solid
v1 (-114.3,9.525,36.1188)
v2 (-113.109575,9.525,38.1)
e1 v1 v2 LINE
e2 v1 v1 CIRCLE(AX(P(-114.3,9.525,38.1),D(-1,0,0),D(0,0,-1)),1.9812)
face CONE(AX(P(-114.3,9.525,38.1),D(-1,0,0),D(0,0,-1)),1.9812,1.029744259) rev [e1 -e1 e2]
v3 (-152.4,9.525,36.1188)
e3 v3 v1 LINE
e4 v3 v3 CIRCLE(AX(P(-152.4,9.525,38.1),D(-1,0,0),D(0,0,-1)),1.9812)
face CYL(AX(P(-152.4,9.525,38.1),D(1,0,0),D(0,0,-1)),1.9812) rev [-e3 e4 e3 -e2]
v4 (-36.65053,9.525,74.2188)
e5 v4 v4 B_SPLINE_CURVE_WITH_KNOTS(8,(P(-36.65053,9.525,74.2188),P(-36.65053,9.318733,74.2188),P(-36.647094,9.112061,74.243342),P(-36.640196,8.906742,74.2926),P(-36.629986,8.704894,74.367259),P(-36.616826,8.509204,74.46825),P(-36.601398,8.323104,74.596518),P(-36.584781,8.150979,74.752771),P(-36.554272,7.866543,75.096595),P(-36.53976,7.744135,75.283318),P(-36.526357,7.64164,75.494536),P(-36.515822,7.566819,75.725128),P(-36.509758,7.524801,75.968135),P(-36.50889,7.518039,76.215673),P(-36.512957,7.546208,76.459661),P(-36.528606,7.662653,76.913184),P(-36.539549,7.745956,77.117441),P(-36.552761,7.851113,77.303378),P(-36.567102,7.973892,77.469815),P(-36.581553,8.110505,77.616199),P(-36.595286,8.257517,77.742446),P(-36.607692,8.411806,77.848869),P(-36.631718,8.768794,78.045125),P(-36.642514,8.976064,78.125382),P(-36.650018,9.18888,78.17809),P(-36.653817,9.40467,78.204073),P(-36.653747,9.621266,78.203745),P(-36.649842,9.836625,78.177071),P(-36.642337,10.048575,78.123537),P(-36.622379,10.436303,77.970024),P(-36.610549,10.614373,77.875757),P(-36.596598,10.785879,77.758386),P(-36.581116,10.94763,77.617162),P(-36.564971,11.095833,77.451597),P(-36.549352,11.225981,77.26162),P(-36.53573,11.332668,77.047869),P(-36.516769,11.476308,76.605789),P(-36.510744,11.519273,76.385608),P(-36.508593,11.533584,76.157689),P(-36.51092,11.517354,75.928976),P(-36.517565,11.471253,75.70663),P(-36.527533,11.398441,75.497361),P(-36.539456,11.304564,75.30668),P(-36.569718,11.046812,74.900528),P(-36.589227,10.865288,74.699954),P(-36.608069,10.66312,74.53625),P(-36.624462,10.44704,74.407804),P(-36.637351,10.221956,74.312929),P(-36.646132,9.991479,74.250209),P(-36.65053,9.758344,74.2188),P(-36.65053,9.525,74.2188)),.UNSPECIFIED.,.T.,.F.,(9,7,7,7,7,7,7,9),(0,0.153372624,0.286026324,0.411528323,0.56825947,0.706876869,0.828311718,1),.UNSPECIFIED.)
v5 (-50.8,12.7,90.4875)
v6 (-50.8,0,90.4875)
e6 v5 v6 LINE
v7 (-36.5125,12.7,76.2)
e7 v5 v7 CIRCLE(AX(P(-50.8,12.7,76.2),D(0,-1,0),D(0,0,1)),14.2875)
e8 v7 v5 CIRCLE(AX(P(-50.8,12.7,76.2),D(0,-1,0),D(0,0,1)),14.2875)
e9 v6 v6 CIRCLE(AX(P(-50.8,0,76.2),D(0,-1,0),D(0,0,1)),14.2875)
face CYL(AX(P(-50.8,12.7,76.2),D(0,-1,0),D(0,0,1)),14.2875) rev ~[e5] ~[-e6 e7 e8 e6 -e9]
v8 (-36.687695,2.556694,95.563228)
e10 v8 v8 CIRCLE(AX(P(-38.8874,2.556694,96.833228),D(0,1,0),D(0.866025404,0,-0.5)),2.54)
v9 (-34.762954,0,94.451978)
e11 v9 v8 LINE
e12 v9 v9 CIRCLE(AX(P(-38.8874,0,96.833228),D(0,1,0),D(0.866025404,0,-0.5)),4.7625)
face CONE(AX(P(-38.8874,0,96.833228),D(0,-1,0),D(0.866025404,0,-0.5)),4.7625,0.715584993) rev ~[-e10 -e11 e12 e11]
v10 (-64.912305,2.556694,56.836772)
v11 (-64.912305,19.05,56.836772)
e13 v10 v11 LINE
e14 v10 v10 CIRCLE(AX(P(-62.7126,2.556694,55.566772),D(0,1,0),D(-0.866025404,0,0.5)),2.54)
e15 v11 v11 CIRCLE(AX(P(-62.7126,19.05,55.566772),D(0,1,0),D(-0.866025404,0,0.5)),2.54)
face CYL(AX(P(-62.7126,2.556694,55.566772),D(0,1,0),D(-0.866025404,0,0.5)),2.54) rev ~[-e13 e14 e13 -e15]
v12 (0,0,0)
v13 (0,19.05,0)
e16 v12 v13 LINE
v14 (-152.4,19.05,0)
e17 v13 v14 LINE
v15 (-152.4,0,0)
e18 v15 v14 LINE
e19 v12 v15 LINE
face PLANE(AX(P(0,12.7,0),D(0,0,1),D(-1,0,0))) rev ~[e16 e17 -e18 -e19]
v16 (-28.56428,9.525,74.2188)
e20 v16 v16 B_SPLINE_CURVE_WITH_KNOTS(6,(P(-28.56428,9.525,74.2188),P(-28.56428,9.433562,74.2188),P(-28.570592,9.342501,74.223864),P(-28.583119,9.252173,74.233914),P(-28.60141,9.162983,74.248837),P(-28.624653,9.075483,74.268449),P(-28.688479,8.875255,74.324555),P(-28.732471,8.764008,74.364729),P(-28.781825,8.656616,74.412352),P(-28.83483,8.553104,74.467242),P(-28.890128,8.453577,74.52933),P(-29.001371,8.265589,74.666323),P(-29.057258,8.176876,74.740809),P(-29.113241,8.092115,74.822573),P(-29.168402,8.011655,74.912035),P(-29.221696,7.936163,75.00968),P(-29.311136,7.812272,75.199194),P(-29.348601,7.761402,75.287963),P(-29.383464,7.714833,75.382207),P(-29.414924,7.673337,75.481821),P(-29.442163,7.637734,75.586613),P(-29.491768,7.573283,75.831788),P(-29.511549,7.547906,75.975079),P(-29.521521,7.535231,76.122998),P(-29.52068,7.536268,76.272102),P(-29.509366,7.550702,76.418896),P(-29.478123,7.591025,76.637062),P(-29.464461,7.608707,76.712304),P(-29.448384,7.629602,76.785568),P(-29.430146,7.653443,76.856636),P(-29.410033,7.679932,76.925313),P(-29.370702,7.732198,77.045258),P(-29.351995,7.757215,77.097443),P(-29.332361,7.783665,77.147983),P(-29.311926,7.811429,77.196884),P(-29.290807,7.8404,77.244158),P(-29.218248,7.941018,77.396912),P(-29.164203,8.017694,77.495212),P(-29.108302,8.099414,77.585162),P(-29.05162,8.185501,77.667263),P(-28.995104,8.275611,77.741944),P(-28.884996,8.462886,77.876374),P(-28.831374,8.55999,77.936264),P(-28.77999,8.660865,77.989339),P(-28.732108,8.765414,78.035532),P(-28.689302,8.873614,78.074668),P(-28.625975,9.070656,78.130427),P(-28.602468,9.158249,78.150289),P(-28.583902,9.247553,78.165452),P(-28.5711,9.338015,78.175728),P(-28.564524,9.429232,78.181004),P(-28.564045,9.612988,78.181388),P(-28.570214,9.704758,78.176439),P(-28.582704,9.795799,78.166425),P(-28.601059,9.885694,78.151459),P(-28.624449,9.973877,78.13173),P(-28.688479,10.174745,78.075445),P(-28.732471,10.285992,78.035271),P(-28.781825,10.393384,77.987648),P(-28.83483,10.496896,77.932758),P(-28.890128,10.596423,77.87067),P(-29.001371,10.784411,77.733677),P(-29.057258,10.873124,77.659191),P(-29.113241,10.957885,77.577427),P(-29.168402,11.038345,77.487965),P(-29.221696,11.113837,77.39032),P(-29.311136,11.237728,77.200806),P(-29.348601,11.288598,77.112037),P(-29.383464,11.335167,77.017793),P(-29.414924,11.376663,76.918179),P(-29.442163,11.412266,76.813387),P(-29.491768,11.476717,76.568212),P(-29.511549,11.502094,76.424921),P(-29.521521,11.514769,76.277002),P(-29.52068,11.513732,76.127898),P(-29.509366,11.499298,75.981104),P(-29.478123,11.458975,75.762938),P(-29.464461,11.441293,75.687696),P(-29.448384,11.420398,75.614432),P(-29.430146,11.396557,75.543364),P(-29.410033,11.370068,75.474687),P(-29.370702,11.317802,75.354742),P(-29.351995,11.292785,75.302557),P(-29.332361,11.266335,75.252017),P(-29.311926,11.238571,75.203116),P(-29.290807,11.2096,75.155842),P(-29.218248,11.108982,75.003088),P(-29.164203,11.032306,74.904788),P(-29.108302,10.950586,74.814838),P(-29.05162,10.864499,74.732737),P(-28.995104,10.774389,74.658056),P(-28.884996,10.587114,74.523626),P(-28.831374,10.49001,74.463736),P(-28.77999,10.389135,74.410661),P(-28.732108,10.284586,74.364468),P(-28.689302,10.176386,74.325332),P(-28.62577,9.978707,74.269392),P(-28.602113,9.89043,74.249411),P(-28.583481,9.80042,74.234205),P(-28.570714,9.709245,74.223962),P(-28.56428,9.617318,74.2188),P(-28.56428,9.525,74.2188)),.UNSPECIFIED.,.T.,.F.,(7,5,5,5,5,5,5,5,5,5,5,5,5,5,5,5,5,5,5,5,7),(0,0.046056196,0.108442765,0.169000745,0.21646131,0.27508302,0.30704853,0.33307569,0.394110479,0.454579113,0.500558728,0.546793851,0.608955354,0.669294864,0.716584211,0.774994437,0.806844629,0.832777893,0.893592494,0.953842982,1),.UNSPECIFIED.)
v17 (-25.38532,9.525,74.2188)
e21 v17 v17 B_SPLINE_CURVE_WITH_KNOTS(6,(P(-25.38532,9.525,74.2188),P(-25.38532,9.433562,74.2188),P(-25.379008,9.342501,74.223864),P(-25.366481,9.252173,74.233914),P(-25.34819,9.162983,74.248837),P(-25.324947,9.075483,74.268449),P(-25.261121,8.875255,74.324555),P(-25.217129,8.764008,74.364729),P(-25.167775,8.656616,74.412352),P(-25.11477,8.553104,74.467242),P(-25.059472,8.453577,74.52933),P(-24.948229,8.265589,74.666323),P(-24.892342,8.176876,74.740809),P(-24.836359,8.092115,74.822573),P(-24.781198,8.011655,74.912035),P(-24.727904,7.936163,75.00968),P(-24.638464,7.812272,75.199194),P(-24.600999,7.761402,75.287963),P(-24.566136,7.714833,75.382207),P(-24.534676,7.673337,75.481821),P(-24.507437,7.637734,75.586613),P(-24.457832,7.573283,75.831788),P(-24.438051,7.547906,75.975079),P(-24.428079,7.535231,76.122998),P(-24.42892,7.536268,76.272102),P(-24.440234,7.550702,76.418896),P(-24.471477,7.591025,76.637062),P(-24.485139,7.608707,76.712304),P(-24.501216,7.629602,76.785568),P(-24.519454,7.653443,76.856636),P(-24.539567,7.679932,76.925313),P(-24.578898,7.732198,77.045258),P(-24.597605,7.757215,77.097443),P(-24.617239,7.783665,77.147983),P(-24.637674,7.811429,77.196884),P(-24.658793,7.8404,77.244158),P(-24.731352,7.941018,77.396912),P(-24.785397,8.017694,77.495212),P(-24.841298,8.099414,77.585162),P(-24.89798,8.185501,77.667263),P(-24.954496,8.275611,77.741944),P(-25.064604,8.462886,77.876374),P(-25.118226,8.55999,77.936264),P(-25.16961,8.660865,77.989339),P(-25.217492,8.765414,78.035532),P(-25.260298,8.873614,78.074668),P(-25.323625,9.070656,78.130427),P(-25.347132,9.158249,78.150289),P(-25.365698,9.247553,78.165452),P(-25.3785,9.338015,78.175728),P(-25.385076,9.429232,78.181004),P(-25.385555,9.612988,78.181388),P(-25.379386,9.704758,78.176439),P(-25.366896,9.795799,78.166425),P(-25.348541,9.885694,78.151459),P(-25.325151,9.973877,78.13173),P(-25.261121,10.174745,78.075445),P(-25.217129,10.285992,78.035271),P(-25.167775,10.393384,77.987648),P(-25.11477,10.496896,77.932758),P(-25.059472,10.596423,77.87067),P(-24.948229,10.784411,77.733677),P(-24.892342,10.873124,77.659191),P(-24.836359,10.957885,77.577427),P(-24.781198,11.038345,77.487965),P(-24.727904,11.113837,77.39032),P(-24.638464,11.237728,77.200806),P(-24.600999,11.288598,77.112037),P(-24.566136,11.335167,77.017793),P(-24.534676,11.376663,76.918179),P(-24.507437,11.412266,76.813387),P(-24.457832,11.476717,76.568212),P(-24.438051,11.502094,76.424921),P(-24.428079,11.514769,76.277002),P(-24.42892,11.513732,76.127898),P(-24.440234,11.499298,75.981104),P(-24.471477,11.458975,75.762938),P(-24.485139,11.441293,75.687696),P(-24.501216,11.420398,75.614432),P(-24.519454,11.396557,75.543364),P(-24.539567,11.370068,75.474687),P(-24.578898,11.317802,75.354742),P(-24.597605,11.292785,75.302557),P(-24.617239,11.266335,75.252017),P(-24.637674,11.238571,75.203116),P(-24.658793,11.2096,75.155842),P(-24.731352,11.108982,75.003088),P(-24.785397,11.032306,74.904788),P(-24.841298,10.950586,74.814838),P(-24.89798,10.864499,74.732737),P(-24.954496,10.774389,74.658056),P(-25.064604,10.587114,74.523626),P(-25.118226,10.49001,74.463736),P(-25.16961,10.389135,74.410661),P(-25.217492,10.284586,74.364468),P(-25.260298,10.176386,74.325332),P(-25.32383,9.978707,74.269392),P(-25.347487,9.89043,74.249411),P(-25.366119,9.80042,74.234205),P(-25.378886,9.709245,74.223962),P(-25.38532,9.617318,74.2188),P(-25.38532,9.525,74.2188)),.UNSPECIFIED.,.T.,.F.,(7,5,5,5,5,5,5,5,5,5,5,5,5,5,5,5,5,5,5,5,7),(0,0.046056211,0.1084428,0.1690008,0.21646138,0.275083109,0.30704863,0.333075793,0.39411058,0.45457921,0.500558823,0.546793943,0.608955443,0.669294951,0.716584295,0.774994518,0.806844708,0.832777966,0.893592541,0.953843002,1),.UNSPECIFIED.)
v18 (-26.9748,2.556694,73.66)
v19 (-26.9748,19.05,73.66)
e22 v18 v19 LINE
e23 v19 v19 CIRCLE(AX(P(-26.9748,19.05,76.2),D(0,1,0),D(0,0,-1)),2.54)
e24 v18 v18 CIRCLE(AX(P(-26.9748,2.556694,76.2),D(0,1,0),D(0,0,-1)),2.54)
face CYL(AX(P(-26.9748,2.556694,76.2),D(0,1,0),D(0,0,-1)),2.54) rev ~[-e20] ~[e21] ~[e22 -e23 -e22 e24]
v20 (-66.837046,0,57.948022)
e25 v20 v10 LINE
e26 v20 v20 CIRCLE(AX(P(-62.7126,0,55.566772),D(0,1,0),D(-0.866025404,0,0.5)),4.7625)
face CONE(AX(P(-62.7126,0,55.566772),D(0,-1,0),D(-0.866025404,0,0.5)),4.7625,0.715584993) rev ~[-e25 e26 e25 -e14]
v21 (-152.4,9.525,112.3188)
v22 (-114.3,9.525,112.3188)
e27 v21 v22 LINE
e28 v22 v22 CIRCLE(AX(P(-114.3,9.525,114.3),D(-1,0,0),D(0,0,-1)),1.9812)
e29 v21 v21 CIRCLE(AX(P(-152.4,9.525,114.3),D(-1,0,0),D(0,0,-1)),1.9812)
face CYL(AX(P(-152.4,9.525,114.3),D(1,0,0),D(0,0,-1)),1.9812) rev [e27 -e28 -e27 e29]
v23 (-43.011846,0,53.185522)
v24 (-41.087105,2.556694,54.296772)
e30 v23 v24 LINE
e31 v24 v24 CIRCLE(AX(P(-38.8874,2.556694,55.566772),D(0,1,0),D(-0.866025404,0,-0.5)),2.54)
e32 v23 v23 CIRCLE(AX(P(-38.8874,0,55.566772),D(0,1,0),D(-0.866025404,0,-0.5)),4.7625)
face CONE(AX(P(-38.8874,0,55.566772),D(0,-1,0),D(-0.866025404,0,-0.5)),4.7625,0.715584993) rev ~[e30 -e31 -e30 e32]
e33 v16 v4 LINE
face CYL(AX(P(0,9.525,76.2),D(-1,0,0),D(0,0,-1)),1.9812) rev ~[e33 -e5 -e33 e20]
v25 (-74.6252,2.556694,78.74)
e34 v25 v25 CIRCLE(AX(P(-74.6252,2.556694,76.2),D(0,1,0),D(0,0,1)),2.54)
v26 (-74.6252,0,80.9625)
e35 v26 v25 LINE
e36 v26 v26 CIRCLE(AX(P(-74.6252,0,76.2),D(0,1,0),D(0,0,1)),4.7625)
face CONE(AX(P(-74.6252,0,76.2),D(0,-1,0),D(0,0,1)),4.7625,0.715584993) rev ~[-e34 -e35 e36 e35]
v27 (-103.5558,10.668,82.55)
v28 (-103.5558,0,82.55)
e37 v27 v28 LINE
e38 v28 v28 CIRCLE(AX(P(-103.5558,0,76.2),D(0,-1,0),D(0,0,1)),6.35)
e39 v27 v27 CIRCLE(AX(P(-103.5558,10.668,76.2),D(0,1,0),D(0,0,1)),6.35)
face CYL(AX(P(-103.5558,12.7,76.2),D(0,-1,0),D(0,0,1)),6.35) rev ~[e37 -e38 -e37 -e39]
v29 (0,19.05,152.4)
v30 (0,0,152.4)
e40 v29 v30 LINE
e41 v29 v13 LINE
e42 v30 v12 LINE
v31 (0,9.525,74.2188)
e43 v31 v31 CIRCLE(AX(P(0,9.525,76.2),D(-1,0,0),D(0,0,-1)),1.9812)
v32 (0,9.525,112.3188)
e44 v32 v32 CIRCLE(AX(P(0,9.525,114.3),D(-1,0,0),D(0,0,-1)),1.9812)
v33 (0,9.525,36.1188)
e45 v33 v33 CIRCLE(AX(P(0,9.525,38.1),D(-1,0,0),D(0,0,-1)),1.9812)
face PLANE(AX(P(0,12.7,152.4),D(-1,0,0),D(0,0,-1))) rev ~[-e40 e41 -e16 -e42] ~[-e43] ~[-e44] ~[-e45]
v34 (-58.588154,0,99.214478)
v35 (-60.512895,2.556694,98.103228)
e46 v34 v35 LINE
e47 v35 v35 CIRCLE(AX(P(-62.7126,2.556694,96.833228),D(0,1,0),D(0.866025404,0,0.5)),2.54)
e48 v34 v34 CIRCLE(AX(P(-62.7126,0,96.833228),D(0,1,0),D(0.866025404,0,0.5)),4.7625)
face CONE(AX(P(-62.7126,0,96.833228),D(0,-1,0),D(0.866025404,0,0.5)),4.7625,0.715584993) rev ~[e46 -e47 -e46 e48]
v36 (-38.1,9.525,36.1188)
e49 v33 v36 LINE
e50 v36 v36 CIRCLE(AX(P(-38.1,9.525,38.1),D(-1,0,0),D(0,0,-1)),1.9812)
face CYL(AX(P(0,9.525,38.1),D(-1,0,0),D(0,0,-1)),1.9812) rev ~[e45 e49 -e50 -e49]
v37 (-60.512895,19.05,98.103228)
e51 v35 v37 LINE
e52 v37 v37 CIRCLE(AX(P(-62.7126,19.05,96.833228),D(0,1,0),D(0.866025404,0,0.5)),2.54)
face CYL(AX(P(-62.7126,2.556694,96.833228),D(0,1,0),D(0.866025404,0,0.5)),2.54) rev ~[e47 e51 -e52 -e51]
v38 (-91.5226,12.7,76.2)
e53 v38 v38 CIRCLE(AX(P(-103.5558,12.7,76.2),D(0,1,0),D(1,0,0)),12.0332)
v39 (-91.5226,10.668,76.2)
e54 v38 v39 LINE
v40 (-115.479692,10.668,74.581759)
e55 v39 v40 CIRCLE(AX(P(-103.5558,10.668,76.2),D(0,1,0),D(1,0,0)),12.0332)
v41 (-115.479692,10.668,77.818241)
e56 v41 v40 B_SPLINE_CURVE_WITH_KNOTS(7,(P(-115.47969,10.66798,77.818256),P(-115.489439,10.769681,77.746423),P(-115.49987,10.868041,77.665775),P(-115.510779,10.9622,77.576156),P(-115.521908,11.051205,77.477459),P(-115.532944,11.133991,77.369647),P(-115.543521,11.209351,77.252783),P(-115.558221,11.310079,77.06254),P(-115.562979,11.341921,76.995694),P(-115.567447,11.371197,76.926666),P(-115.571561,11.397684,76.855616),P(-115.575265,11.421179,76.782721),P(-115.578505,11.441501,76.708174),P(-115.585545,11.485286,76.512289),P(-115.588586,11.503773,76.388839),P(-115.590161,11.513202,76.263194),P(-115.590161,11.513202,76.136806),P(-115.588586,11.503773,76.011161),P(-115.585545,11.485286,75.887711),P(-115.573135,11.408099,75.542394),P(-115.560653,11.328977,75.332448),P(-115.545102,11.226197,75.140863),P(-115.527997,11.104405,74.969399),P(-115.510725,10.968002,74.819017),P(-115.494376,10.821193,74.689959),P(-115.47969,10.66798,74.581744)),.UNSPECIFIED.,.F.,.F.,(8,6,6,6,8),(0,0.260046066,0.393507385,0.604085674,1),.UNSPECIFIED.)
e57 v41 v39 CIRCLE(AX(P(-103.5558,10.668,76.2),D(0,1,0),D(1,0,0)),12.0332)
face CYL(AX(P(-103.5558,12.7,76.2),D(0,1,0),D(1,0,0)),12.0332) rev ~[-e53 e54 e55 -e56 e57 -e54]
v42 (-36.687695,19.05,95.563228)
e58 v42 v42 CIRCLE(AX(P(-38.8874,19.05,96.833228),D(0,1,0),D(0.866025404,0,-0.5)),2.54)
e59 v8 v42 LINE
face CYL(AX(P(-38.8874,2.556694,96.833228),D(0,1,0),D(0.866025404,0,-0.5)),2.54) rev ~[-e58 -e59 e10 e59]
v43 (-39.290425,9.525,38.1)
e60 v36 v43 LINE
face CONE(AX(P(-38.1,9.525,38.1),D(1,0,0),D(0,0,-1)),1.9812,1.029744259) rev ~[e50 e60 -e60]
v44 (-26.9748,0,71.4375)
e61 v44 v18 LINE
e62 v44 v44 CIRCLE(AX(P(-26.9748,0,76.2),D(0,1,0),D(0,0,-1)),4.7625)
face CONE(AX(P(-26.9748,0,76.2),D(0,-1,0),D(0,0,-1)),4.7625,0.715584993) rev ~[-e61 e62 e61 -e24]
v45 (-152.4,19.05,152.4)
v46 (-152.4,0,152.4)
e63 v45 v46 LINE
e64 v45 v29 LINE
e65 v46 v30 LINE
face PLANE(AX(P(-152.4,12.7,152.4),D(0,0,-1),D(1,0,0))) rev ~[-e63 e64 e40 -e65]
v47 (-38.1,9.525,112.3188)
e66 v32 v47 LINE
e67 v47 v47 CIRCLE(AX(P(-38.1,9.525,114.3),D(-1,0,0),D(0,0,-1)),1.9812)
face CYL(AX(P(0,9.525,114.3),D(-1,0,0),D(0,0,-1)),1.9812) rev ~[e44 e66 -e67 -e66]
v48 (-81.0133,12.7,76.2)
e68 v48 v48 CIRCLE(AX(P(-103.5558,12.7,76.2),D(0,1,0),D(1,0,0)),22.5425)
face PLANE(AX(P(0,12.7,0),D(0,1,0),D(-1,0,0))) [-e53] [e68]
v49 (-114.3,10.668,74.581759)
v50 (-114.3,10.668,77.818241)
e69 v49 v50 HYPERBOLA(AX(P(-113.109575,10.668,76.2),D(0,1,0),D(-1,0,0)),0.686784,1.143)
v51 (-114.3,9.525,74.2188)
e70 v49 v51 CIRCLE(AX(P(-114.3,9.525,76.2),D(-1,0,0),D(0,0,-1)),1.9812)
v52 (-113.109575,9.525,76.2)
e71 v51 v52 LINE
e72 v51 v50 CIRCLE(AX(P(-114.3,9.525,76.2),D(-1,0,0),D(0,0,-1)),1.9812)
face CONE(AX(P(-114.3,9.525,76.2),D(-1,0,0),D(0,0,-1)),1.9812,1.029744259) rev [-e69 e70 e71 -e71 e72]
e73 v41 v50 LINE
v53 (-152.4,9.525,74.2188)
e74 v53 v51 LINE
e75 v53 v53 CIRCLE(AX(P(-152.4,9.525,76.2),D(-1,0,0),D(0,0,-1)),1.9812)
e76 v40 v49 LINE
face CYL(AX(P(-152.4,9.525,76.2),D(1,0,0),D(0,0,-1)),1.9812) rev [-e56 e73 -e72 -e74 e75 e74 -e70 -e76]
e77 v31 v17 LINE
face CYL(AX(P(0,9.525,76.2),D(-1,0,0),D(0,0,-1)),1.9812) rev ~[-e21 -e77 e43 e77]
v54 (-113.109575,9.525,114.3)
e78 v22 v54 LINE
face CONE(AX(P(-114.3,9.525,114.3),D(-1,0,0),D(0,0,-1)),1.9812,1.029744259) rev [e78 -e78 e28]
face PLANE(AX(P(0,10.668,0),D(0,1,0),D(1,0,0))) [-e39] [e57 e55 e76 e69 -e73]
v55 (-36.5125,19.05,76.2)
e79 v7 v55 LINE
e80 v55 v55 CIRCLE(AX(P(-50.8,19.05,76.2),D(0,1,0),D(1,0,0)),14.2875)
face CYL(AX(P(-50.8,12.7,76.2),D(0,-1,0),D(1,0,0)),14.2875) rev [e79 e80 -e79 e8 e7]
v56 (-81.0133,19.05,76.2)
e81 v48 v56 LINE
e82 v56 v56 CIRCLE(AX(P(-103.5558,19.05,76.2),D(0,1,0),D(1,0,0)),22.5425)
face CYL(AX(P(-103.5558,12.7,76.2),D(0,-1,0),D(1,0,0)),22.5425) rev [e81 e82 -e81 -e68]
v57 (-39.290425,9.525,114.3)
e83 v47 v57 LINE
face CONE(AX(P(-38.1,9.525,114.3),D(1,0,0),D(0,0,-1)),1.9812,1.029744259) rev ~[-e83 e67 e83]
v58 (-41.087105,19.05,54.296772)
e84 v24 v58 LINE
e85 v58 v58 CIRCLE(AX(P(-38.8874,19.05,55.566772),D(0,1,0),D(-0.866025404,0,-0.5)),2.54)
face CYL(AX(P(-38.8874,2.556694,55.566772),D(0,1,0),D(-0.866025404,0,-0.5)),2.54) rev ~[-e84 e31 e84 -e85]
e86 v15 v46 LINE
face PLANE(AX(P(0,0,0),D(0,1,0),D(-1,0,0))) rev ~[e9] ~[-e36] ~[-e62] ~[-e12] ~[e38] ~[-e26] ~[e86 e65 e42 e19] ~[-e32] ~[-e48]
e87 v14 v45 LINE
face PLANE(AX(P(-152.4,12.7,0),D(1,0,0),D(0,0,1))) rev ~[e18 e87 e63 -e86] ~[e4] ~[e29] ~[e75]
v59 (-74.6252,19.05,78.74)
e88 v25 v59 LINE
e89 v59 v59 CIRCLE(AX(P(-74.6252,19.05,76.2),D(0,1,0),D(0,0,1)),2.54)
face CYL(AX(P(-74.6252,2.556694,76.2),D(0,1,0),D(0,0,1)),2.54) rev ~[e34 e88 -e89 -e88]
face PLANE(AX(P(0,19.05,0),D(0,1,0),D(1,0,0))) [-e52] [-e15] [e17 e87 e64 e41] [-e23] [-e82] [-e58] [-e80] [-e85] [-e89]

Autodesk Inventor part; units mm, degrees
ref_plane "YZ Plane" through (0, 0, 0) normal (1, 0, 0) x (0, 1, 0)
ref_plane "XZ Plane" through (0, 0, 0) normal (0, 1, 0) x (-1, 0, 0)
sketch "Sketch1" plane through (0, 0, 0) normal (0, 1, 0) x (-1, 0, 0)
  line L0 (0, 0) -> (152.4, 0)
  line L1 (152.4, 0) -> (152.4, 152.4)
  line L2 (152.4, 152.4) -> (0, 152.4)
  line L3 (0, 152.4) -> (0, 0)
  dimension "d0" = 152.4
  dimension "d1" = 152.4
extrude "Extrusion1" add sketch "Sketch1" along normal blind 12.7
hole "Hole1" at (-103.5558, 12.7, 76.2) direction (0, -1, 0) diameter 12.7 end through all
hole "Hole2" at (-50.8, 12.7, 76.2) direction (0, -1, 0) diameter 28.575 end through all
hole "Hole3" at (38.1, 0, 58.6994) direction (0, 1, 0) diameter 4.5 end through all countersink diameter 9.525 countersink angle 82
pattern_circular "Circular Pattern1" count 4 over 360 about axis through (-103.5558, -203.2, 76.2) along (0, 1, 0) of "Hole3"
sketch "Sketch4" plane through (0, 12.7, 0) normal (0, 1, 0) x (1, 0, 0)
  circle A0 centre (-103.5558, -76.2) radius 6.35 projected
  circle A1 centre (-103.5558, -76.2) radius 12.0332
  dimension "d41" = 24.0665
sketch "Sketch5" plane through (0, 12.7, 0) normal (0, 1, 0) x (1, 0, 0)
  circle A0 centre (-50.8, -76.2) radius 14.2875 projected
  circle A1 centre (-103.5558, -76.2) radius 6.35 projected
  line L0 (0, 0) -> (-152.4, 0) projected
  line L1 (-152.4, 0) -> (-152.4, -152.4) projected
  line L2 (-152.4, -152.4) -> (0, -152.4) projected
  line L3 (0, -152.4) -> (0, 0) projected
  circle A2 centre (-103.5558, -76.2) radius 22.5425
  dimension "d42" = 45.085
extrude "Extrusion4" add sketch "Sketch5" along normal blind 6.35 contours L3 L2 L1 L0
extrude "Extrusion5" cut sketch "Sketch4" against normal blind 2.032
hole "Hole4" at (-26.9748, 0, 76.2) direction (0, 1, 0) diameter 5.08 end through all countersink diameter 9.525 countersink angle 82
pattern_circular "Circular Pattern2" count 6 over 360 about axis through (-50.8, 19.05, 76.2) along (0, -1, 0) of "Hole4"
hole "Hole5" at (0, 9.525, 114.3) direction (-1, 0, 0) diameter 3.9624 depth 38.1 tip angle 118 thread size "10-32 UNF" class "2B" standard "ANSI Unified Screw Threads"
pattern_linear "Rectangular Pattern1" count 3 spacing 38.1 along (0, 0, -1) of "Hole5"
ref_plane "Work Plane1" through (-76.2, 0, 0) normal (-1, 0, 0) x (0, 0, 1)
mirror "Mirror1" about plane through (-76.2, 0, 0) normal (-1, 0, 0) of "Hole5", "Rectangular Pattern1"
properties part number "Traveler"
